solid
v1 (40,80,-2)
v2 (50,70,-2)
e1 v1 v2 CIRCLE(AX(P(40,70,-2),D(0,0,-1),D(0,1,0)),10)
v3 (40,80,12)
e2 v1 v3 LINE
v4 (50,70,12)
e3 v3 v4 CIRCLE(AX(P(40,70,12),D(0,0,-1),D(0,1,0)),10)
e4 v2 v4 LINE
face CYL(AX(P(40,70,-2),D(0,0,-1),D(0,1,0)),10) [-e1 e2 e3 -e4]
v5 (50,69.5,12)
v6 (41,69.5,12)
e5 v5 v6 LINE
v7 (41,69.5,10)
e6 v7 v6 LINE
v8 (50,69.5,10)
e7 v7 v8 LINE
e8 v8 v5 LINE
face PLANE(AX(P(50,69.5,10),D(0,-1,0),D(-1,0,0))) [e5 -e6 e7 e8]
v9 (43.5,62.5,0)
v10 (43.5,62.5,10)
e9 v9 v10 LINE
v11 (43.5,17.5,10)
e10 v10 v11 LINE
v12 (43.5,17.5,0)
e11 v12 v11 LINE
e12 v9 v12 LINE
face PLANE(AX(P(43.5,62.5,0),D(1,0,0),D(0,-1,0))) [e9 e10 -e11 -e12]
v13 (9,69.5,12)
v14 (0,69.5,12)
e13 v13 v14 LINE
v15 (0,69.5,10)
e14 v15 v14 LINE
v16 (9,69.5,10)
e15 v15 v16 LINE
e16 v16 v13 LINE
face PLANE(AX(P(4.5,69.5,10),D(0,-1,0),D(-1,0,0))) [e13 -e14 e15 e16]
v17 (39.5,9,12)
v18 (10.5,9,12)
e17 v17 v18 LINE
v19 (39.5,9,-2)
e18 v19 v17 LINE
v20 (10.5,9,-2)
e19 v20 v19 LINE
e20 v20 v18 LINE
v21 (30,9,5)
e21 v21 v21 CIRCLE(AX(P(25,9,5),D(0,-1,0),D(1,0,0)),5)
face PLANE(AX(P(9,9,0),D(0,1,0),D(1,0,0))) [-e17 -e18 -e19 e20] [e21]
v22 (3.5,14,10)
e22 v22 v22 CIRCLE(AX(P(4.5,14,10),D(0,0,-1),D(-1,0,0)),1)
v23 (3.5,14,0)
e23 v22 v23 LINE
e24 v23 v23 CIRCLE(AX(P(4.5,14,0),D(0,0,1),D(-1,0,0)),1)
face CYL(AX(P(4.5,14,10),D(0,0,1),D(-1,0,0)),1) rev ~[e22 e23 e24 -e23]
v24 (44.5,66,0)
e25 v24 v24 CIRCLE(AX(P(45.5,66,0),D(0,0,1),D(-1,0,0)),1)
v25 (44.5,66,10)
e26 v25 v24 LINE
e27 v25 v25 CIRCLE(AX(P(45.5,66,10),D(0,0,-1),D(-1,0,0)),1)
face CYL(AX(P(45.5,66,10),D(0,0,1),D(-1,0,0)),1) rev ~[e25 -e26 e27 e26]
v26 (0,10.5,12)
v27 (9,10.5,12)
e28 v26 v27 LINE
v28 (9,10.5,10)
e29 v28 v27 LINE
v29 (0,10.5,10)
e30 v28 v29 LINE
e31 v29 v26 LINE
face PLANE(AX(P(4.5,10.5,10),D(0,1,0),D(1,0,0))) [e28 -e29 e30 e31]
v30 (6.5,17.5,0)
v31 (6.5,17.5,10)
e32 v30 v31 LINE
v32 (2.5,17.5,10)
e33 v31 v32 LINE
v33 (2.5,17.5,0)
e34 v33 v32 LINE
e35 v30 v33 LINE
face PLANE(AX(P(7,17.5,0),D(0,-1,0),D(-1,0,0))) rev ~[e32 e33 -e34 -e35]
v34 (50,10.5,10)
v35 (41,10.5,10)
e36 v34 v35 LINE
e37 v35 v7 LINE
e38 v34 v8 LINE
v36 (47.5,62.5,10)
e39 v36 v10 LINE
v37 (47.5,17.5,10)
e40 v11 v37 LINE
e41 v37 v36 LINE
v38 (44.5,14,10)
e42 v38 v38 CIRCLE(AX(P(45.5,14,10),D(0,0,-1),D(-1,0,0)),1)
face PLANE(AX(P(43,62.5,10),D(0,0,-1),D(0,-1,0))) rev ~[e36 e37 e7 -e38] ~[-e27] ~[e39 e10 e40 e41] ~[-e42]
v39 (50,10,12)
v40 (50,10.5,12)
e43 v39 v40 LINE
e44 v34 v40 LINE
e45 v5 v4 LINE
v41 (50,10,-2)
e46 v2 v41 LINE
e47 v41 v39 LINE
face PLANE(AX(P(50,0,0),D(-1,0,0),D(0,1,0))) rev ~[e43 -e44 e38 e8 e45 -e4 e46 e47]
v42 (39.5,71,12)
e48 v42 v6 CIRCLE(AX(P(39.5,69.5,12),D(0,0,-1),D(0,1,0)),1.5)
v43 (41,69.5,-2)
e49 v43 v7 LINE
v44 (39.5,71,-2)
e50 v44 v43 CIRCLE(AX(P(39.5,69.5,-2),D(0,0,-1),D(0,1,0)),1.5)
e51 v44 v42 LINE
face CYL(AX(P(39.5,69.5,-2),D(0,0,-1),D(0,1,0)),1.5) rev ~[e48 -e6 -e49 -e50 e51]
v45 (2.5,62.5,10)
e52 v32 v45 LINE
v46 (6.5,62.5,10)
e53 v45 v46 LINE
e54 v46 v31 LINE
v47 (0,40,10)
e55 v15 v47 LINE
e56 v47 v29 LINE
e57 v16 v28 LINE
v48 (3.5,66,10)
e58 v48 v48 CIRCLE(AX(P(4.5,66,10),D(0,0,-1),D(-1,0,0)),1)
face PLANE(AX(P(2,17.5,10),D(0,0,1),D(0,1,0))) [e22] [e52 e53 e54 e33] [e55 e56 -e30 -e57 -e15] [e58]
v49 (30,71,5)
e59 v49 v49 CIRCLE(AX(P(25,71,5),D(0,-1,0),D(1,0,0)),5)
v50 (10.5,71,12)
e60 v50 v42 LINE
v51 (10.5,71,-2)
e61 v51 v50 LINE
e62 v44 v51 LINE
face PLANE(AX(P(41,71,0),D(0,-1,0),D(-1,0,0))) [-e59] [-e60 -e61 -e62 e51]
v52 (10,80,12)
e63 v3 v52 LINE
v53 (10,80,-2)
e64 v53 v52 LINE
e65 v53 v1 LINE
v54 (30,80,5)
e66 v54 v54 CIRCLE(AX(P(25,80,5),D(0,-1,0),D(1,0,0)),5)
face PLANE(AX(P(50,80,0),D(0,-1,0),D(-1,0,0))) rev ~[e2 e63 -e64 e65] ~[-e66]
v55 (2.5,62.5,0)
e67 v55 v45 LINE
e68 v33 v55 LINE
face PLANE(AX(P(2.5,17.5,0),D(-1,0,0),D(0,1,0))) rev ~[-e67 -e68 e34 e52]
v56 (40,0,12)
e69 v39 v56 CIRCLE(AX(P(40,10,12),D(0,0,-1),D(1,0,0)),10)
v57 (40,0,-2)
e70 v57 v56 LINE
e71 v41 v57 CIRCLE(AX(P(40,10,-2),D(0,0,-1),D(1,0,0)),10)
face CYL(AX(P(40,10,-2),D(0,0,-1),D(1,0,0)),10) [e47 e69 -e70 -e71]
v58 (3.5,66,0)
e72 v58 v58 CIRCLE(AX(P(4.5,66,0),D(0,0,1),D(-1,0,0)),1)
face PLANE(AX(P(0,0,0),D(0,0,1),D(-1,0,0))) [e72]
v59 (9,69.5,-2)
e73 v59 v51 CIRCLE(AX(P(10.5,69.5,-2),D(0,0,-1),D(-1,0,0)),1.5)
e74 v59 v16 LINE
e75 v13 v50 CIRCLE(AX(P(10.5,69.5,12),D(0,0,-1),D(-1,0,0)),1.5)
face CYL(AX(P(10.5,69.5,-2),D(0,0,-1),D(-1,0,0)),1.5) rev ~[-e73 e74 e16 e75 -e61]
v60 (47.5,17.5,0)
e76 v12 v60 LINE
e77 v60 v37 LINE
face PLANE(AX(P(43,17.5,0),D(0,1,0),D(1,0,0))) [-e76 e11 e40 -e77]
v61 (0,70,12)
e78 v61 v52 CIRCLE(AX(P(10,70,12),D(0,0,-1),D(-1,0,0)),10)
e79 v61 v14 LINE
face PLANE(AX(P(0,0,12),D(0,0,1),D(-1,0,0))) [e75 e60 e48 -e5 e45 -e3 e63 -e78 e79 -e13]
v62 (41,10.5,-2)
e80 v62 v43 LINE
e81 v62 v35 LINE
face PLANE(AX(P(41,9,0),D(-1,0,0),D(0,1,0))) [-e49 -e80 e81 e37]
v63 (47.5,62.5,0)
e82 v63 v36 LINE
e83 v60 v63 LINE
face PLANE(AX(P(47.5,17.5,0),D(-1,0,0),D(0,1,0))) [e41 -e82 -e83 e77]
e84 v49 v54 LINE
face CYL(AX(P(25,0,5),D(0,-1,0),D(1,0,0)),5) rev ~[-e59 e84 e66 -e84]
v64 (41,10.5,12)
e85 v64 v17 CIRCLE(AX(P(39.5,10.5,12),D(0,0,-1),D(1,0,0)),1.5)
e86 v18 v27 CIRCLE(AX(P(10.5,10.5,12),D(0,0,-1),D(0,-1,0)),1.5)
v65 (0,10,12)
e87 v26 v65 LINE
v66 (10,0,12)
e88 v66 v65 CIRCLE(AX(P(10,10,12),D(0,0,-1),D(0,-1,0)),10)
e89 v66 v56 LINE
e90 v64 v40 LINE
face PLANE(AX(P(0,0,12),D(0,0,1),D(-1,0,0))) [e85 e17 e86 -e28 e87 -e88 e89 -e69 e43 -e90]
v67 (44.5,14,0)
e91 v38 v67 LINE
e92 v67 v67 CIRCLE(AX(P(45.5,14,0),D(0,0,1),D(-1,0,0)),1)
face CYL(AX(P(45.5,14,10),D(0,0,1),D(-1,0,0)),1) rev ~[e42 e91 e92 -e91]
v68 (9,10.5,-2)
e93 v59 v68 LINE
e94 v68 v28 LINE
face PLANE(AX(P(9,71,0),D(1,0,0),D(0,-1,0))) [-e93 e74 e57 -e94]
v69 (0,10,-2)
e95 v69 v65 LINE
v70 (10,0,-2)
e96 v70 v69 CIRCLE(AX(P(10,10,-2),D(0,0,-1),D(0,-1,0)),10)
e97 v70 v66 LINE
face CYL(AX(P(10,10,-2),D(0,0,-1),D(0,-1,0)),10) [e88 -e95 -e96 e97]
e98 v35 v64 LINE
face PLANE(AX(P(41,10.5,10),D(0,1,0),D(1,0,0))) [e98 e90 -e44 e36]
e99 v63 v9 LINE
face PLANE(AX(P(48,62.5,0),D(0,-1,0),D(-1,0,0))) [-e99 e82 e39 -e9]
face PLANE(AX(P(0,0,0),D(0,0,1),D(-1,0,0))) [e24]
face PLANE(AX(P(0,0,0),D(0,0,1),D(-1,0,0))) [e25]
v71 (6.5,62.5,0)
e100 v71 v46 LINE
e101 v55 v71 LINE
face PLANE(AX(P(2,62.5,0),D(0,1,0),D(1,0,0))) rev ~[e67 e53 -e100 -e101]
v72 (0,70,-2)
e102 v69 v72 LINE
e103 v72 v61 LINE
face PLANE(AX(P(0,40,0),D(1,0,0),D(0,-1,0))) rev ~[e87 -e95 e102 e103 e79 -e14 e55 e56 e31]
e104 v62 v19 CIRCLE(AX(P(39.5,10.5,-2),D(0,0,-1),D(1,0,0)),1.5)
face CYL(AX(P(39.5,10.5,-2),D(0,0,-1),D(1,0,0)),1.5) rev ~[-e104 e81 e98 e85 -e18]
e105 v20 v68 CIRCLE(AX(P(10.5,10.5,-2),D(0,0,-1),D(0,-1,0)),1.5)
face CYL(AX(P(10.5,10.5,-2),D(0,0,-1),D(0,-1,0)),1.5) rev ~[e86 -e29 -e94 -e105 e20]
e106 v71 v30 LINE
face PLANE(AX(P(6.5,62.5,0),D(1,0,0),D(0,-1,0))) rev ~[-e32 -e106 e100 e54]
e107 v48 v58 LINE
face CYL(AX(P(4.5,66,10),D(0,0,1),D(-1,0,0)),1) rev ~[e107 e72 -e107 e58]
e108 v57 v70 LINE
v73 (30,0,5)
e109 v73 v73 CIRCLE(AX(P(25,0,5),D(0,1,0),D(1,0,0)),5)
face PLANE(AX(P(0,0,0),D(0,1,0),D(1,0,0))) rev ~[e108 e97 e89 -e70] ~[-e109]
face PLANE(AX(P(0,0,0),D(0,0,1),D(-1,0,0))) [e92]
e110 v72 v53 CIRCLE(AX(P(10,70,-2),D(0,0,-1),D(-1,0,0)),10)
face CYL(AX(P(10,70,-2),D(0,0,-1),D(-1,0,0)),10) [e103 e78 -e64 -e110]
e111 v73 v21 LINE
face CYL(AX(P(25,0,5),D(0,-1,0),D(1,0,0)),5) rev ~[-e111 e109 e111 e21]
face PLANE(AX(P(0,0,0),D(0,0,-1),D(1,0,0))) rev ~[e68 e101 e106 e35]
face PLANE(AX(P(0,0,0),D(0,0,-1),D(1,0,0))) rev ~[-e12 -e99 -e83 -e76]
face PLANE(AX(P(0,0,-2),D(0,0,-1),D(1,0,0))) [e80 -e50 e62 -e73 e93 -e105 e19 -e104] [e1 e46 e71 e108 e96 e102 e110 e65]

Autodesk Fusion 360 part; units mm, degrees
sketch "Sketch1" plane through (0, 0, 0) normal (0, 0, 1) x (1, 0, 0)
  line L0 (0, 0) -> (50, 0)
  line L1 (50, 0) -> (50, 80)
  line L2 (50, 80) -> (0, 80)
  line L3 (0, 80) -> (0, 0)
  line L4 (9, 9) -> (41, 9)
  line L5 (41, 9) -> (41, 71)
  line L6 (41, 71) -> (9, 71)
  line L7 (9, 71) -> (9, 9)
  line L8 (2, 62.5) -> (7, 62.5)
  line L9 (7, 62.5) -> (7, 17.5)
  line L10 (7, 17.5) -> (2, 17.5)
  line L11 (2, 17.5) -> (2, 62.5)
  line L12 (0, 40) -> (2, 40)
  line L13 (25, 71) -> (25, 60)
  line L14 (48, 62.5) -> (43, 62.5)
  line L15 (48, 17.5) -> (48, 62.5)
  line L16 (43, 62.5) -> (43, 17.5)
  line L17 (43, 17.5) -> (48, 17.5)
  dimension "d1" = 50
  dimension "d2" = 80
  dimension "d3" = -9
  dimension "d4" = 45
  dimension "d5" = 90
  dimension "d6" = 2
  dimension "d7" = 5
extrude "Extrude1" add sketch "Sketch1" along normal blind 10
sketch "Sketch2" plane through (0, 0, 0) normal (0, 0, -1) x (1, 0, 0)
  line L0 (2, -17.5) -> (7, -17.5)
  line L1 (7, -17.5) -> (7, -62.5)
  line L2 (7, -62.5) -> (2, -62.5)
  line L3 (2, -62.5) -> (2, -17.5)
  line L4 (43, -17.5) -> (48, -17.5)
  line L5 (48, -17.5) -> (48, -62.5)
  line L6 (48, -62.5) -> (43, -62.5)
  line L7 (43, -62.5) -> (43, -17.5)
  line L8 (9, -71) -> (9, -9)
  line L9 (9, -9) -> (41, -9)
  line L10 (41, -9) -> (41, -71)
  line L11 (41, -71) -> (9, -71)
  line L12 (0, 0) -> (0, -80)
  line L13 (0, -80) -> (50, -80)
  line L14 (50, -80) -> (50, 0)
  line L15 (50, 0) -> (0, 0)
  line L16 (0, 0) -> (50, 0)
  line L17 (50, 0) -> (50, -80)
  line L18 (50, -80) -> (0, -80)
  line L19 (0, -80) -> (0, 0)
extrude "Extrude2" add sketch "Sketch2" along normal blind 2 contours L0 L1 L2 L3 | L4 L5 L6 L7 | L12 L13 L14 L15 L16 L17 L18 L19
sketch "Sketch3" plane through (0, 0, 10) normal (0, 0, 1) x (-1, 0, 0)
  line L0 (-7, -17.5) -> (-2, -17.5)
  line L1 (-2, -17.5) -> (-2, -62.5)
  line L2 (-2, -62.5) -> (-7, -62.5)
  line L3 (-7, -62.5) -> (-7, -17.5)
  line L4 (-9, -9) -> (-9, -71)
  line L5 (-9, -71) -> (-41, -71)
  line L6 (-41, -71) -> (-41, -9)
  line L7 (-41, -9) -> (-9, -9)
  line L8 (-48, -17.5) -> (-43, -17.5)
  line L9 (-43, -17.5) -> (-43, -62.5)
  line L10 (-43, -62.5) -> (-48, -62.5)
  line L11 (-48, -62.5) -> (-48, -17.5)
  line L12 (0, -80) -> (0, 0)
  line L13 (0, 0) -> (-50, 0)
  line L14 (-50, 0) -> (-50, -80)
  line L15 (-50, -80) -> (0, -80)
  line L16 (0, -80) -> (-50, -80)
  line L17 (-50, -80) -> (-50, 0)
  line L18 (-50, 0) -> (0, 0)
  line L19 (0, 0) -> (0, -80)
  line L20 (0, -10.5) -> (-50, -10.5)
  line L21 (-50, -10.5) -> (-50, -69.5)
  line L22 (-50, -69.5) -> (0, -69.5)
  line L23 (0, -69.5) -> (0, -10.5)
  line L24 (-4.5, -17.5) -> (-4.5, -10.5)
  line L25 (-4.5, -62.5) -> (-4.5, -69.5)
  line L26 (-45.5, -62.5) -> (-45.5, -69.5)
  line L27 (-45.5, -17.5) -> (-45.5, -10.5)
  circle A0 centre (-4.5, -14) radius 1
  circle A1 centre (-45.5, -14) radius 1
  circle A2 centre (-45.5, -66) radius 1
  circle A3 centre (-4.5, -66) radius 1
  dimension "d12" = 7
  dimension "d13" = 7
  dimension "d14" = 2
  dimension "d15" = 2
  dimension "d16" = 2
  dimension "d17" = 2
extrude "Extrude3" cut sketch "Sketch3" against normal blind 10 contours L24 A0 | L24 A0 | L25 A3 | L25 A3 | L27 A1 | L27 A1 | L26 A2 | L26 A2
extrude "Extrude4" add sketch "Sketch3" along normal blind 2 contours L4 L6 L7 L12 L13 L14 L17 L18 L19 L20 | L4 L5 L6 L12 L14 L15 L16 L17 L19 L22
sketch "Sketch4" plane through (0, 0, 0) normal (0, -1, 0) x (1, 0, 0)
  line L0 (50, -2) -> (50, 12)
  line L1 (50, 12) -> (0, 12)
  line L2 (0, 12) -> (0, -2)
  line L3 (0, -2) -> (50, -2)
  line L4 (25, 12) -> (25, -2)
  circle A0 centre (25, 5) radius 5
  dimension "d22" = 10
extrude "Extrude5" cut sketch "Sketch4" against normal blind 100 contours L4 A0 | L4 A0
sketch "Sketch5" plane through (0, 0, -2) normal (0, 0, -1) x (1, 0, 0)
  line L0 (41, -9) -> (41, -71)
  line L1 (41, -71) -> (9, -71)
  line L2 (9, -71) -> (9, -9)
  line L3 (9, -9) -> (41, -9)
  line L4 (0, -80) -> (50, -80)
  line L5 (50, -80) -> (50, 0)
  line L6 (50, 0) -> (0, 0)
  line L7 (0, 0) -> (0, -80)
  line L8 (10, -80) -> (40, -80)
  line L9 (50, -70) -> (50, -10)
  line L10 (40, 0) -> (10, 0)
  line L11 (0, -10) -> (0, -70)
  line L12 (39.5, -9) -> (10.5, -9)
  line L13 (9, -10.5) -> (9, -69.5)
  line L14 (10.5, -71) -> (39.5, -71)
  line L15 (41, -69.5) -> (41, -10.5)
  arc A0 (10.5, -9) -> (9, -10.5) centre (10.5, -10.5) ccw
  arc A1 (41, -10.5) -> (39.5, -9) centre (39.5, -10.5) ccw
  arc A2 (9, -69.5) -> (10.5, -71) centre (10.5, -69.5) ccw
  arc A3 (39.5, -71) -> (41, -69.5) centre (39.5, -69.5) ccw
  arc A4 (10, 0) -> (0, -10) centre (10, -10) ccw
  arc A5 (50, -10) -> (40, 0) centre (40, -10) ccw
  arc A6 (0, -70) -> (10, -80) centre (10, -70) ccw
  arc A7 (40, -80) -> (50, -70) centre (40, -70) ccw
  point P0 (20, -71)
  point P1 (9, -10.5)
  point P2 (41, -10.5)
  point P3 (41, -69.5)
  point P4 (9, -69.5)
  dimension "d29" = 10
  dimension "d30" = 10
  dimension "d31" = 10
  dimension "d32" = 10
extrude "Extrude6" cut sketch "Sketch5" against normal blind 100 contours L4 L7 A6 | L4 L5 A7 | L6 L7 A4 | L5 L6 A5
extrude "Extrude7" add sketch "Sketch5" against normal up to surface (14 mm away) contours L0 L3 A1 | L0 L1 A3 | L2 L3 A0 | L1 L2 A2
extrude "Extrude8" add 1 faces at (48, 32.5, 3.3333) along direction (-1, 0, 0) blind 0.5
extrude "Extrude9" add 1 faces at (7, 47.5, 3.3333) along direction (-1, 0, 0) blind 0.5
extrude "Extrude10" add 1 faces at (2, 32.5, 3.3333) along direction (1, 0, 0) blind 0.5
extrude "Extrude11" add 1 faces at (43, 47.5, 3.3333) along direction (1, 0, 0) blind 0.5
